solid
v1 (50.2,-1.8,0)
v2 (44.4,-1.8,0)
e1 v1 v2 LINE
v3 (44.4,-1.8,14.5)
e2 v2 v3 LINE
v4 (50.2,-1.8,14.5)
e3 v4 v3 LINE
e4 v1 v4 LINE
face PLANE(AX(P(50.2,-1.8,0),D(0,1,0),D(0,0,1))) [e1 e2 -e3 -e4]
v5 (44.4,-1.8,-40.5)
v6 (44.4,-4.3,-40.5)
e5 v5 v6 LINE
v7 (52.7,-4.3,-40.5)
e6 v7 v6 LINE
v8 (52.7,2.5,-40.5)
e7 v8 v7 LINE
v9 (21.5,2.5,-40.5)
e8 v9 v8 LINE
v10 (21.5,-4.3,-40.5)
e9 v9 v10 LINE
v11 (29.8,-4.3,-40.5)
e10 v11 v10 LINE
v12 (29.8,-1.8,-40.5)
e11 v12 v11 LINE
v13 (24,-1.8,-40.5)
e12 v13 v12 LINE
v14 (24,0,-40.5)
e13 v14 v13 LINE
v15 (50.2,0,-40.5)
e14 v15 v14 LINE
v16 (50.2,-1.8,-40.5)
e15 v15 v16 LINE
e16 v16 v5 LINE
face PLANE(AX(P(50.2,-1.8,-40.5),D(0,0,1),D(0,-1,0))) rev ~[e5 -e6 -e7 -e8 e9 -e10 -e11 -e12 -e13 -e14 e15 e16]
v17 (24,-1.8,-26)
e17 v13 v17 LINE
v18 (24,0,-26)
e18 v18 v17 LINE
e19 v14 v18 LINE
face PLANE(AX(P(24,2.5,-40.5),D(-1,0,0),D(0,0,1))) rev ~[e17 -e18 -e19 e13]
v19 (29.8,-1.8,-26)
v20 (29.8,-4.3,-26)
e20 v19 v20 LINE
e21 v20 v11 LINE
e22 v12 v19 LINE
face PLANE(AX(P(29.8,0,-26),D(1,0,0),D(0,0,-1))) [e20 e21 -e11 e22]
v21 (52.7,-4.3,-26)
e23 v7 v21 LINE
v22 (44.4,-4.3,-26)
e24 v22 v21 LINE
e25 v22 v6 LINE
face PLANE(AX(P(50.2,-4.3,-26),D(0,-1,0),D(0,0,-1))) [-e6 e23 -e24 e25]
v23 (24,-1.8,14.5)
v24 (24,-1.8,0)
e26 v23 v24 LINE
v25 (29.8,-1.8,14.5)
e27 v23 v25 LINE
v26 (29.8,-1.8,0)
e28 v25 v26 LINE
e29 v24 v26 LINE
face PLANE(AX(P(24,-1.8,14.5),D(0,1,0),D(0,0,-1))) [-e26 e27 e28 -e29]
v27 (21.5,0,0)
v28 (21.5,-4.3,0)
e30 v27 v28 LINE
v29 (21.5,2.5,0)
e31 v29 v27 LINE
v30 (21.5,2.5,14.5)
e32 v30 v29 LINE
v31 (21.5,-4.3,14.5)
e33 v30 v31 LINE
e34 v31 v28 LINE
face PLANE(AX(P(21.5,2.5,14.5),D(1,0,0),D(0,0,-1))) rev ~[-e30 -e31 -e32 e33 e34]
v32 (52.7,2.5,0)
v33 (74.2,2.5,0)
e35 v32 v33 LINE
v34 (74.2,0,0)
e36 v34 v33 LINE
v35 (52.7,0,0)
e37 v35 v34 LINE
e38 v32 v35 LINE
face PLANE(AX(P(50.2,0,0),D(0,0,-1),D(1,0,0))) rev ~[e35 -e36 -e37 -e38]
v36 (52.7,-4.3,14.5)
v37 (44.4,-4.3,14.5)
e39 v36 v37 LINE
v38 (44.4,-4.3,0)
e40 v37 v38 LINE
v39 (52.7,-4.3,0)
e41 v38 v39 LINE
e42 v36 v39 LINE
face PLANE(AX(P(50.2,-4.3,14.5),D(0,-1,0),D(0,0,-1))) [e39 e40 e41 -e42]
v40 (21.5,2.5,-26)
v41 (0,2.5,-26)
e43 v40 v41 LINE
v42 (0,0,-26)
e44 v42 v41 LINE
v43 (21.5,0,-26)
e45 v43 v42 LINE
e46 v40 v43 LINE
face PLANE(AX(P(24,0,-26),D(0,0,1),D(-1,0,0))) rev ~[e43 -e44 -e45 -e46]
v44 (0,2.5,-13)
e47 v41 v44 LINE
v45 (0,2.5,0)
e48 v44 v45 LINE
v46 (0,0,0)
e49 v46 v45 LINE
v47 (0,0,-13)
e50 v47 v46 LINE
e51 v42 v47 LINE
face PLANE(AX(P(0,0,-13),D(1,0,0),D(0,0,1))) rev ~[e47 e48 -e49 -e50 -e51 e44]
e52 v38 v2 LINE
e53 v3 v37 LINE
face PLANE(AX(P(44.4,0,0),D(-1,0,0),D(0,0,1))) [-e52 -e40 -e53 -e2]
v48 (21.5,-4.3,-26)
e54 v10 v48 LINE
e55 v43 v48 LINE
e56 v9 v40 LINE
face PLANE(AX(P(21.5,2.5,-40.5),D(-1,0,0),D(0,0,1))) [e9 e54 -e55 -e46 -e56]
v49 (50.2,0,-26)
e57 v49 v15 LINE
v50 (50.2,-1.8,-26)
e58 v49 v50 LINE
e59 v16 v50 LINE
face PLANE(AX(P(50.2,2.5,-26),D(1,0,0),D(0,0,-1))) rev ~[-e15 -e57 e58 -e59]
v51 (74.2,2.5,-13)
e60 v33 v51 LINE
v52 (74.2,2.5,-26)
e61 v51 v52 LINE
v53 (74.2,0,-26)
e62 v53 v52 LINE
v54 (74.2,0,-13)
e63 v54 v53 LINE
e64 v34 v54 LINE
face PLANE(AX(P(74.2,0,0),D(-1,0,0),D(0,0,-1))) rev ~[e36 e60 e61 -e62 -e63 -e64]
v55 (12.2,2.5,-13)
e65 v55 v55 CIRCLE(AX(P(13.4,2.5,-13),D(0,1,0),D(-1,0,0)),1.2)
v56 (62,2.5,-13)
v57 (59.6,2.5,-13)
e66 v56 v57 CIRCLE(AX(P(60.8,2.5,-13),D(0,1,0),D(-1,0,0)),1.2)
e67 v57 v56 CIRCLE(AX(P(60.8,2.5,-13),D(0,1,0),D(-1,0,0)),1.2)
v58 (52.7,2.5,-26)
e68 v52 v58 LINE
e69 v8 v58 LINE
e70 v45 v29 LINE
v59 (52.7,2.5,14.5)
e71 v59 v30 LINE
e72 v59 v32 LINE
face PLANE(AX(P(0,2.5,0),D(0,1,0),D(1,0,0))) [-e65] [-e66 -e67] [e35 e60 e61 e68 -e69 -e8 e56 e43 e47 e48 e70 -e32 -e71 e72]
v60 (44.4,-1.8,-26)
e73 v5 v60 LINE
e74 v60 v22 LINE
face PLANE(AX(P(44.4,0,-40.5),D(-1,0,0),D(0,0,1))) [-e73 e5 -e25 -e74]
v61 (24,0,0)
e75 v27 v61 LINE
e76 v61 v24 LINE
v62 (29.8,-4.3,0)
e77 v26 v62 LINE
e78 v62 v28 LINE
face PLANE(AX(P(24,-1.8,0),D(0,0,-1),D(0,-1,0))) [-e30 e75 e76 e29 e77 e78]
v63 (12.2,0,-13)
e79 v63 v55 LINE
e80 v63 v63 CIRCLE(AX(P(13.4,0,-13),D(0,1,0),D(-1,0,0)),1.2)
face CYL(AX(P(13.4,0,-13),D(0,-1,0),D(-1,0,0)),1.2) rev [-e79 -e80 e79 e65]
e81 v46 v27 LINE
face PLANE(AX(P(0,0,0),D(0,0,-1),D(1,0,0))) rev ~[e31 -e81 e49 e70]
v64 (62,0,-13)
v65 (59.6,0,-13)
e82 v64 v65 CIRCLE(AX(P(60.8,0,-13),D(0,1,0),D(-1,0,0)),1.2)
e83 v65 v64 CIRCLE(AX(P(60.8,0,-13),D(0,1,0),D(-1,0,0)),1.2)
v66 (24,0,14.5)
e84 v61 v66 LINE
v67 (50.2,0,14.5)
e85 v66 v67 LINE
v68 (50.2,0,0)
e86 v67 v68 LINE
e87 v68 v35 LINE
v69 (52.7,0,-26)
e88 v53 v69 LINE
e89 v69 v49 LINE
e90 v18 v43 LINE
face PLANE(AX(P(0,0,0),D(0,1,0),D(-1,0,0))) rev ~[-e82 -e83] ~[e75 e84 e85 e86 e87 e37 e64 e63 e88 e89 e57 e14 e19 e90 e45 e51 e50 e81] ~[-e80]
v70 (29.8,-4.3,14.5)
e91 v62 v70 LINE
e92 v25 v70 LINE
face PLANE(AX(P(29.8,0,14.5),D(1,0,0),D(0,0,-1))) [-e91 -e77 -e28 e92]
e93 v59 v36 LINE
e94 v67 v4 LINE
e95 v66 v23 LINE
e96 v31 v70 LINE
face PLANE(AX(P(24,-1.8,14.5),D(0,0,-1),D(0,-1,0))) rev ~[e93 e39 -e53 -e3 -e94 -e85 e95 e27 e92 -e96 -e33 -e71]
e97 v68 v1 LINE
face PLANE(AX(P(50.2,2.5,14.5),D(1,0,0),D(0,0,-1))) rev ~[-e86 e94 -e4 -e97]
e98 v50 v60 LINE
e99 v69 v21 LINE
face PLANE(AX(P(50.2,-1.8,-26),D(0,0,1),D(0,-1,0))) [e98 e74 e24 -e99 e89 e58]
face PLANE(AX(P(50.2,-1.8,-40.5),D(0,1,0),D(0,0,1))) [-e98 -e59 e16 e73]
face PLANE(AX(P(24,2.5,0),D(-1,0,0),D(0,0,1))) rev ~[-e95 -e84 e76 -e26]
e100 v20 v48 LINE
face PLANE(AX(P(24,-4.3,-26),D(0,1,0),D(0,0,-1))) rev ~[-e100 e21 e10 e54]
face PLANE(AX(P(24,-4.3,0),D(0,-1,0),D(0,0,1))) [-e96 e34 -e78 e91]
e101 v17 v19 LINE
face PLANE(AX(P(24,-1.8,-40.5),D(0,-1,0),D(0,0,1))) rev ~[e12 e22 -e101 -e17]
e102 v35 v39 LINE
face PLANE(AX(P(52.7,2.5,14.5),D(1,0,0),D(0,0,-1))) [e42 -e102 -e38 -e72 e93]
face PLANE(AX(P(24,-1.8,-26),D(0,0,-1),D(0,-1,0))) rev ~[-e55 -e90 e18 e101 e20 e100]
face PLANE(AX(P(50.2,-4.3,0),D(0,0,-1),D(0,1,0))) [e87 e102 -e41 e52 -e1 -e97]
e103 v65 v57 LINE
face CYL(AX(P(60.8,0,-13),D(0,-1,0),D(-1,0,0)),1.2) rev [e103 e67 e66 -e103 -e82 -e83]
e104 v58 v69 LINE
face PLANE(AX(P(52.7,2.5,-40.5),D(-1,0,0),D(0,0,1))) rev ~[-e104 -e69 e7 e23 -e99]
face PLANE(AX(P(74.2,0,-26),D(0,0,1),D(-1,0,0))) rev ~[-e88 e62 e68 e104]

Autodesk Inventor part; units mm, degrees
ref_plane "YZ Plane" through (0, 0, 0) normal (1, 0, 0) x (0, 1, 0)
ref_plane "XZ Plane" through (0, 0, 0) normal (0, 1, 0) x (-1, 0, 0)
ref_plane "XY Plane" through (0, 0, 0) normal (0, 0, 1) x (1, 0, 0)
sketch "Sketch3" plane through (0, 0, 0) normal (0, 1, 0) x (-1, 0, 0)
  line L0 (-74.2, 0) -> (-74.2, -26)
  line L1 (0, -26) -> (0, 0)
  line L2 (0, 0) -> (-24, 0)
  line L3 (-24, 0) -> (-24, 14.5)
  line L4 (-24, 14.5) -> (-50.2, 14.5)
  line L5 (-50.2, 14.5) -> (-50.2, 0)
  line L6 (-50.2, -26) -> (-50.2, -40.5)
  line L7 (-50.2, -40.5) -> (-24, -40.5)
  line L8 (-24, -40.5) -> (-24, -26)
  line L9 (0, -13) -> (-13.4, -13)
  line L10 (-74.2, -13) -> (-60.8, -13)
  line L11 (0, 0) -> (-24, 0)
  line L12 (-50.2, 0) -> (-74.2, 0)
  line L13 (-74.2, -26) -> (-50.2, -26)
  line L14 (-24, -26) -> (0, -26)
  circle A0 centre (-13.4, -13) radius 1.2
  circle A1 centre (-60.8, -13) radius 1.2
  dimension "d2" = 74.2
  dimension "d3" = 26
  dimension "d4" = 24
  dimension "d5" = 14.5
  dimension "d6" = 26.2
  dimension "d7" = 14.5
  dimension "d8" = 26.2
  dimension "d9" = 13.4
  dimension "d10" = 13.4
  dimension "d11" = 2.4
  dimension "d12" = 2.4
extrude "Extrusion1" add sketch "Sketch3" along normal blind 2.5
sketch "Sketch4" plane through (50.2, 0, 14.5) normal (1, 0, 0) x (0, 0, -1)
  point P0 (14.5, 0)
sketch "Sketch5" plane through (0, 2.5, 0) normal (0, 1, 0) x (1, 0, 0)
  line L0 (24, -14.5) -> (50.2, -14.5) projected
  line L1 (24, -14.5) -> (21.5, -14.5)
  line L2 (21.5, -14.5) -> (21.5, 0)
  line L3 (21.5, 0) -> (24, 0)
  line L4 (24, 0) -> (24, -14.5)
  point P0 (0, 0)
  dimension "d15" = 2.5
extrude "Extrusion2" add sketch "Sketch5" against normal blind 6.8
sketch "Sketch6" plane through (0, 2.5, 0) normal (0, 1, 0) x (1, 0, 0)
  line L0 (50.2, -14.5) -> (50.2, 0) projected
  line L1 (50.2, -14.5) -> (52.7, -14.5)
  line L2 (52.7, -14.5) -> (52.7, 0)
  line L3 (50.2, 0) -> (74.2, 0) projected
  line L4 (50.2, 0) -> (50.2, -14.5)
  point P0 (0, 0)
  dimension "d18" = 2.5
extrude "Extrusion3" add sketch "Sketch6" against normal blind 6.8
sketch "Sketch7" plane through (0, 2.5, 0) normal (0, 1, 0) x (1, 0, 0)
  line L0 (24, 40.5) -> (24, 26) projected
  line L1 (24, 40.5) -> (21.5, 40.5)
  line L2 (21.5, 40.5) -> (21.5, 26)
  line L3 (21.5, 26) -> (24, 26)
  line L4 (24, 26) -> (24, 40.5)
  point P0 (0, 0)
  dimension "d21" = 2.5
extrude "Extrusion4" add sketch "Sketch7" against normal blind 6.8
sketch "Sketch8" plane through (0, 2.5, 0) normal (0, 1, 0) x (1, 0, 0)
  line L0 (50.2, 26) -> (50.2, 40.5) projected
  line L1 (50.2, 40.5) -> (52.7, 40.5)
  line L2 (52.7, 40.5) -> (52.7, 26)
  line L3 (52.7, 26) -> (50.2, 26)
  line L4 (50.2, 26) -> (50.2, 40.5)
  point P0 (0, 0)
  dimension "d24" = 2.5
extrude "Extrusion5" add sketch "Sketch8" against normal blind 6.8
sketch "Sketch9" plane through (24, 0, -26) normal (1, 0, 0) x (0, 0, -1)
  line L0 (14.5, 0) -> (14.5, -4.3) projected
  line L1 (14.5, -4.3) -> (14.5, -1.8)
  line L2 (14.5, -1.8) -> (0, -1.8)
  line L3 (0, -1.8) -> (0, -4.3)
  line L4 (0, -4.3) -> (14.5, -4.3)
  point P0 (-26, 0)
  dimension "d27" = 2.5
extrude "Extrusion6" add sketch "Sketch9" along normal blind 5.8
sketch "Sketch10" plane through (50.2, 0, -40.5) normal (-1, 0, 0) x (0, 0, 1)
  line L0 (0, 0) -> (0, -4.3) projected
  line L1 (0, -4.3) -> (0, -1.8)
  line L2 (0, -1.8) -> (14.5, -1.8)
  line L3 (14.5, 0) -> (14.5, -4.3) projected
  line L4 (14.5, -1.8) -> (14.5, -4.3)
  line L5 (14.5, -4.3) -> (0, -4.3)
  point P0 (40.5, 0)
  dimension "d30" = 2.5
extrude "Extrusion7" add sketch "Sketch10" along normal blind 5.8
sketch "Sketch11" plane through (50.2, 0, 0) normal (-1, 0, 0) x (0, 0, 1)
  line L0 (14.5, -4.3) -> (0, -4.3) projected
  line L1 (0, -4.3) -> (0, -1.8)
  line L2 (0, 0) -> (0, -4.3) projected
  arc A0 (-2.0781, -1.1028) -> (0, -1.8) centre (0, 1.6455) ccw
  line L3 (0, -1.8) -> (14.5, -1.8)
  line L4 (14.5, -1.8) -> (14.5, -4.3)
  line L5 (0, 0) -> (0, -4.3) projected
  line L6 (14.5, 2.5) -> (14.5, -4.3) projected
  line L7 (0, -4.3) -> (14.5, -4.3)
  dimension "d33" = 2.5
extrude "Extrusion8" add sketch "Sketch11" along normal blind 5.8
sketch "Sketch12" plane through (24, 0, 14.5) normal (1, 0, 0) x (0, 0, -1)
  line L0 (0, 0) -> (0, -4.3) projected
  line L1 (0, -4.3) -> (0, -1.8)
  line L2 (0, -1.8) -> (14.5, -1.8)
  line L3 (14.5, -4.3) -> (0, -4.3) projected
  line L4 (14.5, -1.8) -> (14.5, -4.3)
  line L5 (14.5, -4.3) -> (0, -4.3)
  point P0 (14.5, 0)
  dimension "d36" = 2.5
extrude "Extrusion9" add sketch "Sketch12" along normal blind 5.8
properties part number "cam_holder"
